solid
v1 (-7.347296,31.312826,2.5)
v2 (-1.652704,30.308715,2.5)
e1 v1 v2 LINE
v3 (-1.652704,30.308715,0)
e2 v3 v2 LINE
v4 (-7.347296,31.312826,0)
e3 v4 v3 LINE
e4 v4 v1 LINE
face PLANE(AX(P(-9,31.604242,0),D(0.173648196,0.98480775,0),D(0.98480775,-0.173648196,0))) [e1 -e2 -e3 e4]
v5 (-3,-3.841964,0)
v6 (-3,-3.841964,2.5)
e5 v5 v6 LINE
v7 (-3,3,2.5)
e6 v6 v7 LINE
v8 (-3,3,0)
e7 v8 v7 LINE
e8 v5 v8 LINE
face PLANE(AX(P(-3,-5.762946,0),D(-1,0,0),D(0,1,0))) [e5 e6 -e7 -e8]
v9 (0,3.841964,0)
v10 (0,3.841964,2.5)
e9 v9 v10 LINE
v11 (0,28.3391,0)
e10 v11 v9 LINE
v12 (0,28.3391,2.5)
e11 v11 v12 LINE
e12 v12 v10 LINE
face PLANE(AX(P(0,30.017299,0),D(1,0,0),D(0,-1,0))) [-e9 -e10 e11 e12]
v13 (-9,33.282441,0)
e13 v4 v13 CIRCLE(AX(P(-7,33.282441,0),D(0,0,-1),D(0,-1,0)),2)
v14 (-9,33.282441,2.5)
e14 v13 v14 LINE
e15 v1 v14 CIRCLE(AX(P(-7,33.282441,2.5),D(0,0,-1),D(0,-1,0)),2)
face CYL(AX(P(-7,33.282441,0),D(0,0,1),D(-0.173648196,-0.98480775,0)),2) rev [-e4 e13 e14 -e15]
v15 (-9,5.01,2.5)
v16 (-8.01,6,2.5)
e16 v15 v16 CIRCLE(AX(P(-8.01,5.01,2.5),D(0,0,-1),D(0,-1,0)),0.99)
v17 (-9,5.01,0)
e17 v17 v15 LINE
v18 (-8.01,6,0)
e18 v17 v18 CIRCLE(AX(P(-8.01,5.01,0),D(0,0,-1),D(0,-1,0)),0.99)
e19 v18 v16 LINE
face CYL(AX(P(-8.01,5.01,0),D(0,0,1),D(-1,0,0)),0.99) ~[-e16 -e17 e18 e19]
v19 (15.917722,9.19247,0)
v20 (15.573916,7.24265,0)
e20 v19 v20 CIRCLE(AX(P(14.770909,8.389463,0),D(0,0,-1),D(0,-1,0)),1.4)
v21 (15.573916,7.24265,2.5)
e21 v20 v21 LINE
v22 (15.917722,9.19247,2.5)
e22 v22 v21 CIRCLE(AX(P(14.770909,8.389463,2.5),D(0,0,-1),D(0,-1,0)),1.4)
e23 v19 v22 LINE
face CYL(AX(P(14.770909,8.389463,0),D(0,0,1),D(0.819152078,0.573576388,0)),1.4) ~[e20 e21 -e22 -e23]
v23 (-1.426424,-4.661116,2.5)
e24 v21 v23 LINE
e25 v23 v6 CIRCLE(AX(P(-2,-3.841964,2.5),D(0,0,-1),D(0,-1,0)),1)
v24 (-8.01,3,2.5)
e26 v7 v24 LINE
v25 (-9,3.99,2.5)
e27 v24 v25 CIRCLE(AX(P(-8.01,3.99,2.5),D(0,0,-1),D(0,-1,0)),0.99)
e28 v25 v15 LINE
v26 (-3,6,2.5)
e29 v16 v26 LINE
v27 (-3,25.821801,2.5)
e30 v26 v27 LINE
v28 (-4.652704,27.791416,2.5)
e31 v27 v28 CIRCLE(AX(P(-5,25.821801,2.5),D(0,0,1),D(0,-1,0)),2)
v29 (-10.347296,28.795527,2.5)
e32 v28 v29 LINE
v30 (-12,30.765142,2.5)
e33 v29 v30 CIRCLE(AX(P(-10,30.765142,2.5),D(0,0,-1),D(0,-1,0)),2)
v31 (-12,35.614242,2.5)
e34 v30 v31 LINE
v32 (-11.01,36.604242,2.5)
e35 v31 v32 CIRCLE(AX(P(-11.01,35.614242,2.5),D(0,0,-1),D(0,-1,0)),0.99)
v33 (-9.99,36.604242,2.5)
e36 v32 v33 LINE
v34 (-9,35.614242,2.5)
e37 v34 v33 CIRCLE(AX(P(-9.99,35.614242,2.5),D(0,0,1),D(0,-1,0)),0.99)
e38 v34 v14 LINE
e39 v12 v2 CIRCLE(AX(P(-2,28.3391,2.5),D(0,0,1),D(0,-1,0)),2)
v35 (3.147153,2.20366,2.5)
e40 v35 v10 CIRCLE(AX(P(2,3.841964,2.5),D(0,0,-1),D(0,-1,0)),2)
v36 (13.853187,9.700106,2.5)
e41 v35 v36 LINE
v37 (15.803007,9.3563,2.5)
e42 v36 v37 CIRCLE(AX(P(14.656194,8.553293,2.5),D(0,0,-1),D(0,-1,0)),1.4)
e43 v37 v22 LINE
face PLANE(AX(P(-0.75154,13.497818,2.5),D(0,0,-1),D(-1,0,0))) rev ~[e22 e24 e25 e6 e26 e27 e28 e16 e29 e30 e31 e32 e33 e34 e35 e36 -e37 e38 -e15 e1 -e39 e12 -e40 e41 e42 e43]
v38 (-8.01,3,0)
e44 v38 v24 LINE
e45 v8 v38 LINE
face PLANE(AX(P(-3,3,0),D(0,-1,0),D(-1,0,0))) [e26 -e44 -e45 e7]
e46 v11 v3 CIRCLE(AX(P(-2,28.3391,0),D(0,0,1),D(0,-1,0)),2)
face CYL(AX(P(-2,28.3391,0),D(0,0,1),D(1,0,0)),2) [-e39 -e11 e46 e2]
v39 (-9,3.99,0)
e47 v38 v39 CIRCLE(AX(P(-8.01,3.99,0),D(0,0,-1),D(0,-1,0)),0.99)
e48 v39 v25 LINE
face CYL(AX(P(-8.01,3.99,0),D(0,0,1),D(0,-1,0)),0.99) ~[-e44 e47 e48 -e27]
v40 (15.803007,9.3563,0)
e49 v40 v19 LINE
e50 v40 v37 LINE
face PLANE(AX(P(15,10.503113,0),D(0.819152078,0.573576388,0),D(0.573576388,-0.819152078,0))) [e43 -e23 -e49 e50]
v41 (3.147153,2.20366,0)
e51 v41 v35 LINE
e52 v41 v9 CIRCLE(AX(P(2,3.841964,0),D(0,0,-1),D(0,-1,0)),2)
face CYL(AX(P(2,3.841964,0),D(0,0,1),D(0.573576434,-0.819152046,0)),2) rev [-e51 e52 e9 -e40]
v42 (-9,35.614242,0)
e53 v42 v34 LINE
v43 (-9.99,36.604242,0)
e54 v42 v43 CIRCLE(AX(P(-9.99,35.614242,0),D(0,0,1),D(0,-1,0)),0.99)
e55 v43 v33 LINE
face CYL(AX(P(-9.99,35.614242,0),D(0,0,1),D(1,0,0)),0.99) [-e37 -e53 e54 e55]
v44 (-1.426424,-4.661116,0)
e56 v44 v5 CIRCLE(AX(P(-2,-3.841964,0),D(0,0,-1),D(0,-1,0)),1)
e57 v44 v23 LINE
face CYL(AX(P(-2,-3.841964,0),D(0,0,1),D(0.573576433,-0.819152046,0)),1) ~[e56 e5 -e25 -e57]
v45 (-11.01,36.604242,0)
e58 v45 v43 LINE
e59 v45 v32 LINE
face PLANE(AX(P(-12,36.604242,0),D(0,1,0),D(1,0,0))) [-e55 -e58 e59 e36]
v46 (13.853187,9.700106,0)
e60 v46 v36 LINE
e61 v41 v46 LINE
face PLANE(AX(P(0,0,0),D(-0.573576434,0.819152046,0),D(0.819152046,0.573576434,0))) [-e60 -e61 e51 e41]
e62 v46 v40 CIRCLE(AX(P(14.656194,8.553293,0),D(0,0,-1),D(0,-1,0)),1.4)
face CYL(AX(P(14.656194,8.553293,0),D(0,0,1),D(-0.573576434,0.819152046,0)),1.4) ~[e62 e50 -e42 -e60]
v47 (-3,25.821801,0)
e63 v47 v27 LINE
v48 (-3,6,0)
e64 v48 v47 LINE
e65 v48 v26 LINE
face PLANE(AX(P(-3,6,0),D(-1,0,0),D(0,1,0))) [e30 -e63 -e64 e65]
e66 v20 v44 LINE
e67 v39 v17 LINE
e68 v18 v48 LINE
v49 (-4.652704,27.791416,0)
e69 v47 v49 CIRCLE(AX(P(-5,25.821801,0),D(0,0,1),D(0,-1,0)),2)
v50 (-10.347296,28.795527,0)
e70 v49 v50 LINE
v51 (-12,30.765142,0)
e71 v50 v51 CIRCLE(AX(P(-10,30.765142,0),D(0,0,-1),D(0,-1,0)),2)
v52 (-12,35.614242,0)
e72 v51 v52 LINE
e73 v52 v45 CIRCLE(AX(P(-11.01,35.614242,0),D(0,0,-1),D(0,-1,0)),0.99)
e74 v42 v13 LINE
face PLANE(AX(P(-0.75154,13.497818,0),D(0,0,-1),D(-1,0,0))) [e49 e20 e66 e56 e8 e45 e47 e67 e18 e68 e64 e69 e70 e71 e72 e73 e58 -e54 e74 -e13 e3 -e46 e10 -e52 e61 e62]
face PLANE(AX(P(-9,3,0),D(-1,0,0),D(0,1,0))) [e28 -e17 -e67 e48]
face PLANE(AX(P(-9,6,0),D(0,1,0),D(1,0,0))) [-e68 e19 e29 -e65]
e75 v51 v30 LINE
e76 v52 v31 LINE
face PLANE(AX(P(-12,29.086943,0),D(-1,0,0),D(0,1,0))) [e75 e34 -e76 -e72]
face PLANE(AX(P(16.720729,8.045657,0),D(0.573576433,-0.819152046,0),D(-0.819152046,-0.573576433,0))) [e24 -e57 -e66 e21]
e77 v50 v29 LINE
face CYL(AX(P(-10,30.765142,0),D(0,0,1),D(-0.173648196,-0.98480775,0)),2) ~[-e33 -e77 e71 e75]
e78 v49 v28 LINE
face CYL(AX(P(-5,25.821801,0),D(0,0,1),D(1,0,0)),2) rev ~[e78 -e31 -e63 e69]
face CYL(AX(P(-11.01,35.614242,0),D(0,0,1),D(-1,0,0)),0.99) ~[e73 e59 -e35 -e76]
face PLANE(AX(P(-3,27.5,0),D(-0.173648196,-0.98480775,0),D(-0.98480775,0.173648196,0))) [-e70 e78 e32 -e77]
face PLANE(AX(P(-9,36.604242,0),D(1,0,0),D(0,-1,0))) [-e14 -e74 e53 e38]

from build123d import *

# Parameters (mm, degrees)
PAD_DEPTH   = 2.5
FILLET_R    = 0.99
FILLET001_R = 0.99
FILLET002_R = 1.4
FILLET003_R = 2
FILLET004_R = 1
FILLET005_R = 2


with BuildPart() as part:
    # Sketch → Pad (new body)
    with BuildSketch(Plane.XY):
        Polygon((0, 0), (15, 10.503113), (16.720729, 8.045657), (-3, -5.762946), (-3, 3), (-9, 3), (-9, 6), (-3, 6), (-3, 27.5), (-12, 29.086943), (-12, 36.604242), (-9, 36.604242), (-9, 31.604242), (0, 30.017299), align=None)
    extrude(amount=PAD_DEPTH)

    # Fillet
    fillet_edges = [part.edges().sort_by_distance(p)[0] for p in [
        (-9, 3, 1.25),
        (-9, 6, 1.25),
    ]]
    fillet(fillet_edges, radius=FILLET_R)

    # Fillet001
    fillet001_edges = [part.edges().sort_by_distance(p)[0] for p in [
        (-12, 36.604242, 1.25),
        (-9, 36.604242, 1.25),
    ]]
    fillet(fillet001_edges, radius=FILLET001_R)

    # Fillet002
    fillet002_edges = [part.edges().sort_by_distance(p)[0] for p in [
        (15, 10.503113, 1.25),
        (16.720729, 8.045657, 1.25),
    ]]
    fillet(fillet002_edges, radius=FILLET002_R)

    # Fillet003
    fillet003_edges = [part.edges().sort_by_distance(p)[0] for p in [
        (0, 0, 1.25),
    ]]
    fillet(fillet003_edges, radius=FILLET003_R)

    # Fillet004
    fillet004_edges = [part.edges().sort_by_distance(p)[0] for p in [
        (-3, -5.762946, 1.25),
    ]]
    fillet(fillet004_edges, radius=FILLET004_R)

    # Fillet005
    fillet005_edges = [part.edges().sort_by_distance(p)[0] for p in [
        (-12, 29.086943, 1.25),
        (-3, 27.5, 1.25),
        (0, 30.017299, 1.25),
        (-9, 31.604242, 1.25),
    ]]
    fillet(fillet005_edges, radius=FILLET005_R)


solid = part.part
